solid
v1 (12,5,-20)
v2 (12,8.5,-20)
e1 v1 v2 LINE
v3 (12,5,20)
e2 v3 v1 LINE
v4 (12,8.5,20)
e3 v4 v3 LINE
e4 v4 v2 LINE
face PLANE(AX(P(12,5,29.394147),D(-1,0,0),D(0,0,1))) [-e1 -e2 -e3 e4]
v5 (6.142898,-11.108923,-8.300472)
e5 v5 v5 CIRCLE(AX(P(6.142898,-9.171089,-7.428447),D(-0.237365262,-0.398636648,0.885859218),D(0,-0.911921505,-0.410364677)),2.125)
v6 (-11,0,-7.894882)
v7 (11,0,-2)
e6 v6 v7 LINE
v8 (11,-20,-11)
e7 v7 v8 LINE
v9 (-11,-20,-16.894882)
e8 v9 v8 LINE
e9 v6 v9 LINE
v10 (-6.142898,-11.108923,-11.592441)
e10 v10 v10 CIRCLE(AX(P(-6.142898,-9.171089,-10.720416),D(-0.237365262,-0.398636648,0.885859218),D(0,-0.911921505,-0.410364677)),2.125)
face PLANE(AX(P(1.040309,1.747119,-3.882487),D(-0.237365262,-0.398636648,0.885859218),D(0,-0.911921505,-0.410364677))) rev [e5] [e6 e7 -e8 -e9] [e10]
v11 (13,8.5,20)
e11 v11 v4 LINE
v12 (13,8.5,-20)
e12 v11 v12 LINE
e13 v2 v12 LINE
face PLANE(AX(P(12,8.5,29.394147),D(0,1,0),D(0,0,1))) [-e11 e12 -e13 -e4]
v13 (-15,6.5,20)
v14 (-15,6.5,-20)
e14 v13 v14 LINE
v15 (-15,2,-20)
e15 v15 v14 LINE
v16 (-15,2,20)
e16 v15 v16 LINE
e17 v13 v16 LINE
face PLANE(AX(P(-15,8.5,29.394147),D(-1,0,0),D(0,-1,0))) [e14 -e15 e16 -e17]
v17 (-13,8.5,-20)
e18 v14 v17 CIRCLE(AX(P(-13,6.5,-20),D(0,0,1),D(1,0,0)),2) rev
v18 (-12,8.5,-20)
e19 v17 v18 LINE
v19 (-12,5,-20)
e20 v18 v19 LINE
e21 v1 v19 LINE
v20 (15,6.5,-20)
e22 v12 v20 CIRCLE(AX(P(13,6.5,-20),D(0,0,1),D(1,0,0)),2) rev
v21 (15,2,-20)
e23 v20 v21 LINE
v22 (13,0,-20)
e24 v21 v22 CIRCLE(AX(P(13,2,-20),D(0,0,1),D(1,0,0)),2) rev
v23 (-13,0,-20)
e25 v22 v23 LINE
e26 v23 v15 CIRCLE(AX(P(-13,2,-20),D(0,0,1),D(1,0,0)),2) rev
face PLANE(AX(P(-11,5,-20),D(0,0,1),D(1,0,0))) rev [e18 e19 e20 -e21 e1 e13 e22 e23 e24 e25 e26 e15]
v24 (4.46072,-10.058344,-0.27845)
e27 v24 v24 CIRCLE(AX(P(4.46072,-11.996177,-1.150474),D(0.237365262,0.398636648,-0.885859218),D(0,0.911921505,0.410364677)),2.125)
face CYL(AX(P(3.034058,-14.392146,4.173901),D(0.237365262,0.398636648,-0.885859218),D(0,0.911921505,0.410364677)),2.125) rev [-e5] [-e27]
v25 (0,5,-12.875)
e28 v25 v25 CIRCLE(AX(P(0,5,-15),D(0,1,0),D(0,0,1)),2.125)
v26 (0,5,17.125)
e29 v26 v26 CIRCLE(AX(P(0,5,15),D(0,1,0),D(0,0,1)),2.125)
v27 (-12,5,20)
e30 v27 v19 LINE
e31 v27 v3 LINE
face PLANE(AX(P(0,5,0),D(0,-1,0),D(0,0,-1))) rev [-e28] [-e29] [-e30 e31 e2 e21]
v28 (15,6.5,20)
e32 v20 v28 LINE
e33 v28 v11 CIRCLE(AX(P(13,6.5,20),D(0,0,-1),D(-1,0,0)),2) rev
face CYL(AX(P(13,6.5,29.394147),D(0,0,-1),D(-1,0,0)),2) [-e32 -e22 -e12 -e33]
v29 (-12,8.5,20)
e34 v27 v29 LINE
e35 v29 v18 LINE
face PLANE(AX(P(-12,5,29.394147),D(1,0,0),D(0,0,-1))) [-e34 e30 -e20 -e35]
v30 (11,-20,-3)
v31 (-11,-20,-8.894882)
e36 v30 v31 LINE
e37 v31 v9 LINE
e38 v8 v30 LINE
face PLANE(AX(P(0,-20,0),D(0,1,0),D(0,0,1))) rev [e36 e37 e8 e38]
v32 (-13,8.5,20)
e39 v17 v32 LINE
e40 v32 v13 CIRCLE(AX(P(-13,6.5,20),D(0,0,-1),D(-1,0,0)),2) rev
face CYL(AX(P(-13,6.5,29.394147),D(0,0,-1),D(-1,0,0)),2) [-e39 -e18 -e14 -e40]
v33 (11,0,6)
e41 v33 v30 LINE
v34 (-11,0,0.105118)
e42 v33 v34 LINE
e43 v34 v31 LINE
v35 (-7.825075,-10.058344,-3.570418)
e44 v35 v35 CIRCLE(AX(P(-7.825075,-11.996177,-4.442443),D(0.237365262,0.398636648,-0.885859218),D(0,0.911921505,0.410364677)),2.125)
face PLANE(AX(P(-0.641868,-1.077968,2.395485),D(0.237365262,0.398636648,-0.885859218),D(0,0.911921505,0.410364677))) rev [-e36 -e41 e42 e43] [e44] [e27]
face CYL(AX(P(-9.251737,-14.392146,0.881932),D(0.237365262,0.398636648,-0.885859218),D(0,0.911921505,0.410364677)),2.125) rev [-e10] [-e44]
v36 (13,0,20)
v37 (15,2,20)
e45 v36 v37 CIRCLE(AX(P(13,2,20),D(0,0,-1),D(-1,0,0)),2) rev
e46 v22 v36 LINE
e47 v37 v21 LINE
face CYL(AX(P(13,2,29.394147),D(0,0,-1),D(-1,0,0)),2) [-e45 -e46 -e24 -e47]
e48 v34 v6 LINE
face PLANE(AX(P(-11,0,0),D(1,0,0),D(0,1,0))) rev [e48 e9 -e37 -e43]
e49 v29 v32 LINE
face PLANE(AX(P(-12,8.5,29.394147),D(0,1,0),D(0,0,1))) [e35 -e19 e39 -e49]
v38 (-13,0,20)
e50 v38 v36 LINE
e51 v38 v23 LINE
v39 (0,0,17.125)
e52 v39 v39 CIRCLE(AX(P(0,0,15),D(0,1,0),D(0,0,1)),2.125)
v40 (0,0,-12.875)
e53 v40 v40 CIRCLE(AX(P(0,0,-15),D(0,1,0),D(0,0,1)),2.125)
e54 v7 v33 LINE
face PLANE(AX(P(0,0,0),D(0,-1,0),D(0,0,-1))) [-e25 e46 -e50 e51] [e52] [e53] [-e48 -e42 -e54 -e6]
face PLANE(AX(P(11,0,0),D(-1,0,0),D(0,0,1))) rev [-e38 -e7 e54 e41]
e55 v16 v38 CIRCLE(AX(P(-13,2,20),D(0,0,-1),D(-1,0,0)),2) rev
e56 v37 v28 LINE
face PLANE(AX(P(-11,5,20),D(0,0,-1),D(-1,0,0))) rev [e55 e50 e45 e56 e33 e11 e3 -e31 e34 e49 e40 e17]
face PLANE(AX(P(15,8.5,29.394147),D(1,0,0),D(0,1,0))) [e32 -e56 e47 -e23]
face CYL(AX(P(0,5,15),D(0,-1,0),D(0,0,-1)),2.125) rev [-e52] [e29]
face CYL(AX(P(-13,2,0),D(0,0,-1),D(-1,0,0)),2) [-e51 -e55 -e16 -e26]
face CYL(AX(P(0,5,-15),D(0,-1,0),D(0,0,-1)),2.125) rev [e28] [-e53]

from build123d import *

# Parameters (mm, degrees)
SKETCH1_W           = 22
SKETCH1_H           = 40
SKETCH1_R           = 2.125
BOSS_EXTRUDE1_DEPTH = 5
BOSS_EXTRUDE3_DEPTH = 40
FILLET1_R           = 2
SKETCH6_R           = 2.125
CUT_EXTRUDE1_DEPTH  = 7.086873748


with BuildPart() as part:
    # Sketch1 → Boss-Extrude1 (new body)
    with BuildSketch(Plane(origin=(0, 0, 0), x_dir=(1, 0, 0), z_dir=(0, 1, 0))):
        Rectangle(SKETCH1_W, SKETCH1_H)
        with Locations(Location((0, 15, 0), (0, 0, 270))):
            Circle(SKETCH1_R, mode=Mode.SUBTRACT)
        with Locations(Location((0, -15, 0), (0, 0, 270))):
            Circle(SKETCH1_R, mode=Mode.SUBTRACT)
    extrude(amount=BOSS_EXTRUDE1_DEPTH)

    # Sketch4 → Boss-Extrude3 (add)
    with BuildSketch(Plane(origin=(0, 0, -20), x_dir=(-1, 0, 0), z_dir=(0, 0, -1))):
        Polygon((-11, 5), (-12, 5), (-12, 8.5), (-15, 8.5), (-15, 0), (-11, 0), align=None)
        Polygon((11, 0), (11, 5), (12, 5), (12, 8.5), (15, 8.5), (15, 0), align=None)
    extrude(amount=-BOSS_EXTRUDE3_DEPTH)

    # Fillet1
    fillet1_edges = [part.edges().sort_by_distance(p)[0] for p in [
        (15, 0, 0),
        (15, 8.5, 0),
        (-15, 0, 0),
        (-15, 8.5, 0),
    ]]
    fillet(fillet1_edges, radius=FILLET1_R)

    # Sketch2 → Loft1 section 0
    with BuildSketch(Plane.XZ):
        with BuildLine():
            Line((-11, 0.105117767), (11, 6))
            Line((11, 6), (11, -2))
            Line((11, -2), (-11, -7.894882233))
            Line((-11, -7.894882233), (-11, 0.105117767))
        make_face()
    # Sketch5 → Loft1 section 1
    with BuildSketch(Plane(origin=(0, -20, 0), x_dir=(-1, 0, 0), z_dir=(0, -1, 0))):
        with BuildLine():
            Line((-11, 3), (-11, 11))
            Line((-11, 11), (11, 16.894882233))
            Line((11, 16.894882233), (11, 8.894882233))
            Line((11, 8.894882233), (-11, 3))
        make_face()
    loft()

    # Sketch6 → Cut-Extrude1 (cut)
    with BuildSketch(Plane(origin=(1.040309356, 1.747119317, -3.882487372), x_dir=(0.9714204714250083, -0.09740631922929449, 0.21645848717621435), z_dir=(-0.2373652621939752, -0.3986366483069059, 0.8858592184598079))):
        with Locations(Location((5.252708211, -11.411685947, 0), (0, 0, 90))):
            Circle(SKETCH6_R)
        with Locations(Location((-7.39453945, -12.762593713, 0), (0, 0, 90))):
            Circle(SKETCH6_R)
    extrude(amount=CUT_EXTRUDE1_DEPTH, mode=Mode.SUBTRACT)


solid = part.part
